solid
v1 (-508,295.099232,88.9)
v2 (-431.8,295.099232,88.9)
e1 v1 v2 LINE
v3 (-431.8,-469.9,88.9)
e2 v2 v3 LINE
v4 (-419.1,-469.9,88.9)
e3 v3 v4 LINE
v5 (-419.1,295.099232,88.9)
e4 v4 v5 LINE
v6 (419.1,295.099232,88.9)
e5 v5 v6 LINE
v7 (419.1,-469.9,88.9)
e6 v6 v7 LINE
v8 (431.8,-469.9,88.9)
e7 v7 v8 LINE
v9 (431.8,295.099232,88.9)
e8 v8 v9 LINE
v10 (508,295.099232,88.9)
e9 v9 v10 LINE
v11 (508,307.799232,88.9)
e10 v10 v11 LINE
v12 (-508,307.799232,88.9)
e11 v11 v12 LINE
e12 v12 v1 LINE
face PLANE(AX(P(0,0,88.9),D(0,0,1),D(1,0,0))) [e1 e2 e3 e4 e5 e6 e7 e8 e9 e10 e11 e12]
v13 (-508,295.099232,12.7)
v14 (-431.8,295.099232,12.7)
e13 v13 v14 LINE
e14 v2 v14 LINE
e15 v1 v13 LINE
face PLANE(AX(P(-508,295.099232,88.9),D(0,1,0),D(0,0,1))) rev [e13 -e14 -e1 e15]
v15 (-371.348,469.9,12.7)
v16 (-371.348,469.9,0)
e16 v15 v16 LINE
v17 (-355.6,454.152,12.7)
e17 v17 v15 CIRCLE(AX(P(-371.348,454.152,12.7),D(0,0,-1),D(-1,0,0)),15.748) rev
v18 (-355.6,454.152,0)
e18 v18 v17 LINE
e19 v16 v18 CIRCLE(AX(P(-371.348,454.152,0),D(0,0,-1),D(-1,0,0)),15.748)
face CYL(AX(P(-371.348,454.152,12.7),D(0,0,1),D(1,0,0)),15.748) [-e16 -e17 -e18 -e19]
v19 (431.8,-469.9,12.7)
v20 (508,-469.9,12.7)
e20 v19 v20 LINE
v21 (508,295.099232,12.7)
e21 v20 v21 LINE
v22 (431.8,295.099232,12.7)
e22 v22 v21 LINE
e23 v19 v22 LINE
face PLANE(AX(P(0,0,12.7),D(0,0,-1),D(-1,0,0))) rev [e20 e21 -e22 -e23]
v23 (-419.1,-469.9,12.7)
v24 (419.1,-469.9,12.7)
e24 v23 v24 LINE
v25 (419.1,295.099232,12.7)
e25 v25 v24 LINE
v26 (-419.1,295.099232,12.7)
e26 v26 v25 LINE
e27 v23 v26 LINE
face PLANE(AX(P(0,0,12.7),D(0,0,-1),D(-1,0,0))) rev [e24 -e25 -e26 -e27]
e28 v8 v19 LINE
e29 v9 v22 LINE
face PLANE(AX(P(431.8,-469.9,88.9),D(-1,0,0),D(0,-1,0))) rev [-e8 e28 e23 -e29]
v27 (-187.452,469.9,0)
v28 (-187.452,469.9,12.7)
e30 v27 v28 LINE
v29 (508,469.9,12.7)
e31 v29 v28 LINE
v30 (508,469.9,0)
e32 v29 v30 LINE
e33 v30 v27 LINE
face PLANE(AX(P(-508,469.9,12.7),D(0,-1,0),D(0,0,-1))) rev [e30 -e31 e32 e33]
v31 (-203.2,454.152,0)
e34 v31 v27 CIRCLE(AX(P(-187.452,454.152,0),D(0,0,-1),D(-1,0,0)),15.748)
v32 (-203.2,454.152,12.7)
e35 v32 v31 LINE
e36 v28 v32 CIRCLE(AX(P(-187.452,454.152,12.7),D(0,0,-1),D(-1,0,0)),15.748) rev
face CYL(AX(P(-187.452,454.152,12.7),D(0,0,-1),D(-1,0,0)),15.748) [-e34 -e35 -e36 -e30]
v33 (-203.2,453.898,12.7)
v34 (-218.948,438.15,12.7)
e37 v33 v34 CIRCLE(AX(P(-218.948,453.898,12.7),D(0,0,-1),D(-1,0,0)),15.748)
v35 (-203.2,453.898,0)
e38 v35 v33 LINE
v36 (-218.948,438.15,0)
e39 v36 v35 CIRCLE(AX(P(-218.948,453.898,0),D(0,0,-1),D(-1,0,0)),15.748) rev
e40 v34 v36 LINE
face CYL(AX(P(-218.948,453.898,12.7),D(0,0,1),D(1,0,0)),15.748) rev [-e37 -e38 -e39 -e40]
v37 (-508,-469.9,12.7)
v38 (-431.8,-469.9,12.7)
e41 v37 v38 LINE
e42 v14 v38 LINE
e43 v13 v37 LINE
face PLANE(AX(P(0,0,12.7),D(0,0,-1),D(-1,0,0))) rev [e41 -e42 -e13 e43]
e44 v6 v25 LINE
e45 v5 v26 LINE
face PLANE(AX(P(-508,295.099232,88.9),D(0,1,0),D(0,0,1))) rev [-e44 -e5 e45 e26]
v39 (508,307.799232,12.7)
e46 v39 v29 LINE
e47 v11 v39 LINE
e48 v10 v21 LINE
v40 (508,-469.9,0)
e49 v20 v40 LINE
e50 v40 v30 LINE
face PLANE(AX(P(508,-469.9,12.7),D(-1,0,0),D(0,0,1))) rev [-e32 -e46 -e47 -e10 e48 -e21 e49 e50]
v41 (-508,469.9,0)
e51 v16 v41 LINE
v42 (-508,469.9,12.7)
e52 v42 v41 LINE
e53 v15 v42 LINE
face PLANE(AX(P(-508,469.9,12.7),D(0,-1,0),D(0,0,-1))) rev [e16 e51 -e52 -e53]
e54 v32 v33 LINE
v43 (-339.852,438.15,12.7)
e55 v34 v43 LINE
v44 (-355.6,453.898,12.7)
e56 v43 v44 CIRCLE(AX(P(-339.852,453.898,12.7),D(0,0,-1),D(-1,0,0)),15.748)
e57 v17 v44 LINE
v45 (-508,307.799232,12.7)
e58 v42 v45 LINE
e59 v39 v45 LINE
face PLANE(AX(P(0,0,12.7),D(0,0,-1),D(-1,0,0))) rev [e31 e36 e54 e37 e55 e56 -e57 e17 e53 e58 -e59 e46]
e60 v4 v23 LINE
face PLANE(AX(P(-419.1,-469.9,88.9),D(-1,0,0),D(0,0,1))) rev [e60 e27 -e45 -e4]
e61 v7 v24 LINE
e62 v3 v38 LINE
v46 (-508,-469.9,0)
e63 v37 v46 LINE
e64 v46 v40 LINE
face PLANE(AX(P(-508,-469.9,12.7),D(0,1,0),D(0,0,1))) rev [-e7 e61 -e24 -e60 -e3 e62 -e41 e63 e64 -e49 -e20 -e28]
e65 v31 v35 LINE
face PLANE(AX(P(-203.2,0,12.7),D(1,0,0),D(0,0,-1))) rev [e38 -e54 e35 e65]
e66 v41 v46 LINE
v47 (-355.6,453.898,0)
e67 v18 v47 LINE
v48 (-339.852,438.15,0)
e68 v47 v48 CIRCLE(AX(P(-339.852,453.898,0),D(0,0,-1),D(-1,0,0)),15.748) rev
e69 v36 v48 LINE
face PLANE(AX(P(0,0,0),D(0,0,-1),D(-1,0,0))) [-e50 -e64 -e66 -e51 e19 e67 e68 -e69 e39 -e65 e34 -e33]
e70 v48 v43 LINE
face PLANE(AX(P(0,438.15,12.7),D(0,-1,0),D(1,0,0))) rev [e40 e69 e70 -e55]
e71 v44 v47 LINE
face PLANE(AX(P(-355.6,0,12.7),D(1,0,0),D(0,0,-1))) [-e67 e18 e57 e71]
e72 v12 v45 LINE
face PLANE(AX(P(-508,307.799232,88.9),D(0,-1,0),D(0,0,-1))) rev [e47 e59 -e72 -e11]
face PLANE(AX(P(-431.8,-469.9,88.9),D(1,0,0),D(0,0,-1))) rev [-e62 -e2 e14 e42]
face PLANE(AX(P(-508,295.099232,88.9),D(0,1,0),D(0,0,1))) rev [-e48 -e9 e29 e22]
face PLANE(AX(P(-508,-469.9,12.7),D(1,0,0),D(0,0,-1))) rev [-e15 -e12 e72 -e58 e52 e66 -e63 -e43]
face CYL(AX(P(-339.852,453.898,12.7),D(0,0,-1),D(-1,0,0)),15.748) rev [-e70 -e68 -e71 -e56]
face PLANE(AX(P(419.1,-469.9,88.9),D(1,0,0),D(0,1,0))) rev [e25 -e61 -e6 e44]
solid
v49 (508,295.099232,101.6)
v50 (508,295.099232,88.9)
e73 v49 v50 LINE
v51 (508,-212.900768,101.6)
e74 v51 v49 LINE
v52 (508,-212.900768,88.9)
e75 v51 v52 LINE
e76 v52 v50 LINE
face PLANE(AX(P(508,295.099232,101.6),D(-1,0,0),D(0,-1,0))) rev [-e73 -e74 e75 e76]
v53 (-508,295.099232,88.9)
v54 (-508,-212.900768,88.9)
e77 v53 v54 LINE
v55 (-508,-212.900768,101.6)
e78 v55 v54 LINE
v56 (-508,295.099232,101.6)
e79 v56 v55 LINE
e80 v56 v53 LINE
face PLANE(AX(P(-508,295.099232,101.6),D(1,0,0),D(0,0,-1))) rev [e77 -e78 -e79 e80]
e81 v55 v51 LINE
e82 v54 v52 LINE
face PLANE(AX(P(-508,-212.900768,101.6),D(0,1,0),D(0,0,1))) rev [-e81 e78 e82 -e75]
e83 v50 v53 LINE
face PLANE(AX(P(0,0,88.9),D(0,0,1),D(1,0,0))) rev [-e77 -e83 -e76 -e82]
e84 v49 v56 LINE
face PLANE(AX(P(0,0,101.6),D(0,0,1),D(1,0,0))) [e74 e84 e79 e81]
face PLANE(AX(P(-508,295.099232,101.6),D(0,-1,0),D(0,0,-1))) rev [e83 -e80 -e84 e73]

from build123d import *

# Parameters (mm, degrees)
SKETCH1_W           = 1016
SKETCH1_H           = 939.8
BOSS_EXTRUDE1_DEPTH = 12.7
SKETCH2_W           = 152.4
SKETCH2_H           = 31.75
CUT_EXTRUDE1_DEPTH  = 693.120870947
FILLET1_R           = 15.748
SKETCH4_W           = 1016
SKETCH4_H           = 12.7
BOSS_EXTRUDE2_DEPTH = 76.2
SKETCH5_W           = 12.7
SKETCH5_H           = 764.99923202
BOSS_EXTRUDE3_DEPTH = 76.2
SKETCH8_W           = 1016
SKETCH8_H           = 508
BOSS_EXTRUDE5_DEPTH = 12.7


with BuildPart() as part:
    # Sketch1 → Boss-Extrude1 (new body)
    with BuildSketch(Plane.XY):
        Rectangle(SKETCH1_W, SKETCH1_H)
    extrude(amount=BOSS_EXTRUDE1_DEPTH)

    # Sketch2 → Cut-Extrude1 (cut, through all)
    with BuildSketch(Plane(origin=(0, 0, 0), x_dir=(-1, 0, 0), z_dir=(0, 0, -1))):
        with Locations((279.4, 454.025)):
            Rectangle(SKETCH2_W, SKETCH2_H)
    extrude(amount=-CUT_EXTRUDE1_DEPTH, mode=Mode.SUBTRACT)

    # Fillet1
    fillet1_edges = [part.edges().sort_by_distance(p)[0] for p in [
        (-355.6, 469.9, 6.35),
        (-355.6, 438.15, 6.35),
        (-203.2, 438.15, 6.35),
        (-203.2, 469.9, 6.35),
    ]]
    fillet(fillet1_edges, radius=FILLET1_R)

    # Sketch4 → Boss-Extrude2 (add)
    with BuildSketch(Plane.XY.offset(12.7)):
        with Locations((0, 301.44923202)):
            Rectangle(SKETCH4_W, SKETCH4_H)
    extrude(amount=BOSS_EXTRUDE2_DEPTH)

    # Sketch5 → Boss-Extrude3 (add)
    with BuildSketch(Plane.XY.offset(12.7)):
        with Locations((-425.45, -87.40038399)):
            Rectangle(SKETCH5_W, SKETCH5_H)
        with Locations((425.45, -87.40038399)):
            Rectangle(SKETCH5_W, SKETCH5_H)
    extrude(amount=BOSS_EXTRUDE3_DEPTH)


with BuildPart() as body_2:
    # Sketch8 → Boss-Extrude5 (new body)
    with BuildSketch(Plane.XY.offset(88.9)):
        with Locations((0, 41.09923202)):
            Rectangle(SKETCH8_W, SKETCH8_H)
    extrude(amount=BOSS_EXTRUDE5_DEPTH)


solid = Compound([part.part, body_2.part])
